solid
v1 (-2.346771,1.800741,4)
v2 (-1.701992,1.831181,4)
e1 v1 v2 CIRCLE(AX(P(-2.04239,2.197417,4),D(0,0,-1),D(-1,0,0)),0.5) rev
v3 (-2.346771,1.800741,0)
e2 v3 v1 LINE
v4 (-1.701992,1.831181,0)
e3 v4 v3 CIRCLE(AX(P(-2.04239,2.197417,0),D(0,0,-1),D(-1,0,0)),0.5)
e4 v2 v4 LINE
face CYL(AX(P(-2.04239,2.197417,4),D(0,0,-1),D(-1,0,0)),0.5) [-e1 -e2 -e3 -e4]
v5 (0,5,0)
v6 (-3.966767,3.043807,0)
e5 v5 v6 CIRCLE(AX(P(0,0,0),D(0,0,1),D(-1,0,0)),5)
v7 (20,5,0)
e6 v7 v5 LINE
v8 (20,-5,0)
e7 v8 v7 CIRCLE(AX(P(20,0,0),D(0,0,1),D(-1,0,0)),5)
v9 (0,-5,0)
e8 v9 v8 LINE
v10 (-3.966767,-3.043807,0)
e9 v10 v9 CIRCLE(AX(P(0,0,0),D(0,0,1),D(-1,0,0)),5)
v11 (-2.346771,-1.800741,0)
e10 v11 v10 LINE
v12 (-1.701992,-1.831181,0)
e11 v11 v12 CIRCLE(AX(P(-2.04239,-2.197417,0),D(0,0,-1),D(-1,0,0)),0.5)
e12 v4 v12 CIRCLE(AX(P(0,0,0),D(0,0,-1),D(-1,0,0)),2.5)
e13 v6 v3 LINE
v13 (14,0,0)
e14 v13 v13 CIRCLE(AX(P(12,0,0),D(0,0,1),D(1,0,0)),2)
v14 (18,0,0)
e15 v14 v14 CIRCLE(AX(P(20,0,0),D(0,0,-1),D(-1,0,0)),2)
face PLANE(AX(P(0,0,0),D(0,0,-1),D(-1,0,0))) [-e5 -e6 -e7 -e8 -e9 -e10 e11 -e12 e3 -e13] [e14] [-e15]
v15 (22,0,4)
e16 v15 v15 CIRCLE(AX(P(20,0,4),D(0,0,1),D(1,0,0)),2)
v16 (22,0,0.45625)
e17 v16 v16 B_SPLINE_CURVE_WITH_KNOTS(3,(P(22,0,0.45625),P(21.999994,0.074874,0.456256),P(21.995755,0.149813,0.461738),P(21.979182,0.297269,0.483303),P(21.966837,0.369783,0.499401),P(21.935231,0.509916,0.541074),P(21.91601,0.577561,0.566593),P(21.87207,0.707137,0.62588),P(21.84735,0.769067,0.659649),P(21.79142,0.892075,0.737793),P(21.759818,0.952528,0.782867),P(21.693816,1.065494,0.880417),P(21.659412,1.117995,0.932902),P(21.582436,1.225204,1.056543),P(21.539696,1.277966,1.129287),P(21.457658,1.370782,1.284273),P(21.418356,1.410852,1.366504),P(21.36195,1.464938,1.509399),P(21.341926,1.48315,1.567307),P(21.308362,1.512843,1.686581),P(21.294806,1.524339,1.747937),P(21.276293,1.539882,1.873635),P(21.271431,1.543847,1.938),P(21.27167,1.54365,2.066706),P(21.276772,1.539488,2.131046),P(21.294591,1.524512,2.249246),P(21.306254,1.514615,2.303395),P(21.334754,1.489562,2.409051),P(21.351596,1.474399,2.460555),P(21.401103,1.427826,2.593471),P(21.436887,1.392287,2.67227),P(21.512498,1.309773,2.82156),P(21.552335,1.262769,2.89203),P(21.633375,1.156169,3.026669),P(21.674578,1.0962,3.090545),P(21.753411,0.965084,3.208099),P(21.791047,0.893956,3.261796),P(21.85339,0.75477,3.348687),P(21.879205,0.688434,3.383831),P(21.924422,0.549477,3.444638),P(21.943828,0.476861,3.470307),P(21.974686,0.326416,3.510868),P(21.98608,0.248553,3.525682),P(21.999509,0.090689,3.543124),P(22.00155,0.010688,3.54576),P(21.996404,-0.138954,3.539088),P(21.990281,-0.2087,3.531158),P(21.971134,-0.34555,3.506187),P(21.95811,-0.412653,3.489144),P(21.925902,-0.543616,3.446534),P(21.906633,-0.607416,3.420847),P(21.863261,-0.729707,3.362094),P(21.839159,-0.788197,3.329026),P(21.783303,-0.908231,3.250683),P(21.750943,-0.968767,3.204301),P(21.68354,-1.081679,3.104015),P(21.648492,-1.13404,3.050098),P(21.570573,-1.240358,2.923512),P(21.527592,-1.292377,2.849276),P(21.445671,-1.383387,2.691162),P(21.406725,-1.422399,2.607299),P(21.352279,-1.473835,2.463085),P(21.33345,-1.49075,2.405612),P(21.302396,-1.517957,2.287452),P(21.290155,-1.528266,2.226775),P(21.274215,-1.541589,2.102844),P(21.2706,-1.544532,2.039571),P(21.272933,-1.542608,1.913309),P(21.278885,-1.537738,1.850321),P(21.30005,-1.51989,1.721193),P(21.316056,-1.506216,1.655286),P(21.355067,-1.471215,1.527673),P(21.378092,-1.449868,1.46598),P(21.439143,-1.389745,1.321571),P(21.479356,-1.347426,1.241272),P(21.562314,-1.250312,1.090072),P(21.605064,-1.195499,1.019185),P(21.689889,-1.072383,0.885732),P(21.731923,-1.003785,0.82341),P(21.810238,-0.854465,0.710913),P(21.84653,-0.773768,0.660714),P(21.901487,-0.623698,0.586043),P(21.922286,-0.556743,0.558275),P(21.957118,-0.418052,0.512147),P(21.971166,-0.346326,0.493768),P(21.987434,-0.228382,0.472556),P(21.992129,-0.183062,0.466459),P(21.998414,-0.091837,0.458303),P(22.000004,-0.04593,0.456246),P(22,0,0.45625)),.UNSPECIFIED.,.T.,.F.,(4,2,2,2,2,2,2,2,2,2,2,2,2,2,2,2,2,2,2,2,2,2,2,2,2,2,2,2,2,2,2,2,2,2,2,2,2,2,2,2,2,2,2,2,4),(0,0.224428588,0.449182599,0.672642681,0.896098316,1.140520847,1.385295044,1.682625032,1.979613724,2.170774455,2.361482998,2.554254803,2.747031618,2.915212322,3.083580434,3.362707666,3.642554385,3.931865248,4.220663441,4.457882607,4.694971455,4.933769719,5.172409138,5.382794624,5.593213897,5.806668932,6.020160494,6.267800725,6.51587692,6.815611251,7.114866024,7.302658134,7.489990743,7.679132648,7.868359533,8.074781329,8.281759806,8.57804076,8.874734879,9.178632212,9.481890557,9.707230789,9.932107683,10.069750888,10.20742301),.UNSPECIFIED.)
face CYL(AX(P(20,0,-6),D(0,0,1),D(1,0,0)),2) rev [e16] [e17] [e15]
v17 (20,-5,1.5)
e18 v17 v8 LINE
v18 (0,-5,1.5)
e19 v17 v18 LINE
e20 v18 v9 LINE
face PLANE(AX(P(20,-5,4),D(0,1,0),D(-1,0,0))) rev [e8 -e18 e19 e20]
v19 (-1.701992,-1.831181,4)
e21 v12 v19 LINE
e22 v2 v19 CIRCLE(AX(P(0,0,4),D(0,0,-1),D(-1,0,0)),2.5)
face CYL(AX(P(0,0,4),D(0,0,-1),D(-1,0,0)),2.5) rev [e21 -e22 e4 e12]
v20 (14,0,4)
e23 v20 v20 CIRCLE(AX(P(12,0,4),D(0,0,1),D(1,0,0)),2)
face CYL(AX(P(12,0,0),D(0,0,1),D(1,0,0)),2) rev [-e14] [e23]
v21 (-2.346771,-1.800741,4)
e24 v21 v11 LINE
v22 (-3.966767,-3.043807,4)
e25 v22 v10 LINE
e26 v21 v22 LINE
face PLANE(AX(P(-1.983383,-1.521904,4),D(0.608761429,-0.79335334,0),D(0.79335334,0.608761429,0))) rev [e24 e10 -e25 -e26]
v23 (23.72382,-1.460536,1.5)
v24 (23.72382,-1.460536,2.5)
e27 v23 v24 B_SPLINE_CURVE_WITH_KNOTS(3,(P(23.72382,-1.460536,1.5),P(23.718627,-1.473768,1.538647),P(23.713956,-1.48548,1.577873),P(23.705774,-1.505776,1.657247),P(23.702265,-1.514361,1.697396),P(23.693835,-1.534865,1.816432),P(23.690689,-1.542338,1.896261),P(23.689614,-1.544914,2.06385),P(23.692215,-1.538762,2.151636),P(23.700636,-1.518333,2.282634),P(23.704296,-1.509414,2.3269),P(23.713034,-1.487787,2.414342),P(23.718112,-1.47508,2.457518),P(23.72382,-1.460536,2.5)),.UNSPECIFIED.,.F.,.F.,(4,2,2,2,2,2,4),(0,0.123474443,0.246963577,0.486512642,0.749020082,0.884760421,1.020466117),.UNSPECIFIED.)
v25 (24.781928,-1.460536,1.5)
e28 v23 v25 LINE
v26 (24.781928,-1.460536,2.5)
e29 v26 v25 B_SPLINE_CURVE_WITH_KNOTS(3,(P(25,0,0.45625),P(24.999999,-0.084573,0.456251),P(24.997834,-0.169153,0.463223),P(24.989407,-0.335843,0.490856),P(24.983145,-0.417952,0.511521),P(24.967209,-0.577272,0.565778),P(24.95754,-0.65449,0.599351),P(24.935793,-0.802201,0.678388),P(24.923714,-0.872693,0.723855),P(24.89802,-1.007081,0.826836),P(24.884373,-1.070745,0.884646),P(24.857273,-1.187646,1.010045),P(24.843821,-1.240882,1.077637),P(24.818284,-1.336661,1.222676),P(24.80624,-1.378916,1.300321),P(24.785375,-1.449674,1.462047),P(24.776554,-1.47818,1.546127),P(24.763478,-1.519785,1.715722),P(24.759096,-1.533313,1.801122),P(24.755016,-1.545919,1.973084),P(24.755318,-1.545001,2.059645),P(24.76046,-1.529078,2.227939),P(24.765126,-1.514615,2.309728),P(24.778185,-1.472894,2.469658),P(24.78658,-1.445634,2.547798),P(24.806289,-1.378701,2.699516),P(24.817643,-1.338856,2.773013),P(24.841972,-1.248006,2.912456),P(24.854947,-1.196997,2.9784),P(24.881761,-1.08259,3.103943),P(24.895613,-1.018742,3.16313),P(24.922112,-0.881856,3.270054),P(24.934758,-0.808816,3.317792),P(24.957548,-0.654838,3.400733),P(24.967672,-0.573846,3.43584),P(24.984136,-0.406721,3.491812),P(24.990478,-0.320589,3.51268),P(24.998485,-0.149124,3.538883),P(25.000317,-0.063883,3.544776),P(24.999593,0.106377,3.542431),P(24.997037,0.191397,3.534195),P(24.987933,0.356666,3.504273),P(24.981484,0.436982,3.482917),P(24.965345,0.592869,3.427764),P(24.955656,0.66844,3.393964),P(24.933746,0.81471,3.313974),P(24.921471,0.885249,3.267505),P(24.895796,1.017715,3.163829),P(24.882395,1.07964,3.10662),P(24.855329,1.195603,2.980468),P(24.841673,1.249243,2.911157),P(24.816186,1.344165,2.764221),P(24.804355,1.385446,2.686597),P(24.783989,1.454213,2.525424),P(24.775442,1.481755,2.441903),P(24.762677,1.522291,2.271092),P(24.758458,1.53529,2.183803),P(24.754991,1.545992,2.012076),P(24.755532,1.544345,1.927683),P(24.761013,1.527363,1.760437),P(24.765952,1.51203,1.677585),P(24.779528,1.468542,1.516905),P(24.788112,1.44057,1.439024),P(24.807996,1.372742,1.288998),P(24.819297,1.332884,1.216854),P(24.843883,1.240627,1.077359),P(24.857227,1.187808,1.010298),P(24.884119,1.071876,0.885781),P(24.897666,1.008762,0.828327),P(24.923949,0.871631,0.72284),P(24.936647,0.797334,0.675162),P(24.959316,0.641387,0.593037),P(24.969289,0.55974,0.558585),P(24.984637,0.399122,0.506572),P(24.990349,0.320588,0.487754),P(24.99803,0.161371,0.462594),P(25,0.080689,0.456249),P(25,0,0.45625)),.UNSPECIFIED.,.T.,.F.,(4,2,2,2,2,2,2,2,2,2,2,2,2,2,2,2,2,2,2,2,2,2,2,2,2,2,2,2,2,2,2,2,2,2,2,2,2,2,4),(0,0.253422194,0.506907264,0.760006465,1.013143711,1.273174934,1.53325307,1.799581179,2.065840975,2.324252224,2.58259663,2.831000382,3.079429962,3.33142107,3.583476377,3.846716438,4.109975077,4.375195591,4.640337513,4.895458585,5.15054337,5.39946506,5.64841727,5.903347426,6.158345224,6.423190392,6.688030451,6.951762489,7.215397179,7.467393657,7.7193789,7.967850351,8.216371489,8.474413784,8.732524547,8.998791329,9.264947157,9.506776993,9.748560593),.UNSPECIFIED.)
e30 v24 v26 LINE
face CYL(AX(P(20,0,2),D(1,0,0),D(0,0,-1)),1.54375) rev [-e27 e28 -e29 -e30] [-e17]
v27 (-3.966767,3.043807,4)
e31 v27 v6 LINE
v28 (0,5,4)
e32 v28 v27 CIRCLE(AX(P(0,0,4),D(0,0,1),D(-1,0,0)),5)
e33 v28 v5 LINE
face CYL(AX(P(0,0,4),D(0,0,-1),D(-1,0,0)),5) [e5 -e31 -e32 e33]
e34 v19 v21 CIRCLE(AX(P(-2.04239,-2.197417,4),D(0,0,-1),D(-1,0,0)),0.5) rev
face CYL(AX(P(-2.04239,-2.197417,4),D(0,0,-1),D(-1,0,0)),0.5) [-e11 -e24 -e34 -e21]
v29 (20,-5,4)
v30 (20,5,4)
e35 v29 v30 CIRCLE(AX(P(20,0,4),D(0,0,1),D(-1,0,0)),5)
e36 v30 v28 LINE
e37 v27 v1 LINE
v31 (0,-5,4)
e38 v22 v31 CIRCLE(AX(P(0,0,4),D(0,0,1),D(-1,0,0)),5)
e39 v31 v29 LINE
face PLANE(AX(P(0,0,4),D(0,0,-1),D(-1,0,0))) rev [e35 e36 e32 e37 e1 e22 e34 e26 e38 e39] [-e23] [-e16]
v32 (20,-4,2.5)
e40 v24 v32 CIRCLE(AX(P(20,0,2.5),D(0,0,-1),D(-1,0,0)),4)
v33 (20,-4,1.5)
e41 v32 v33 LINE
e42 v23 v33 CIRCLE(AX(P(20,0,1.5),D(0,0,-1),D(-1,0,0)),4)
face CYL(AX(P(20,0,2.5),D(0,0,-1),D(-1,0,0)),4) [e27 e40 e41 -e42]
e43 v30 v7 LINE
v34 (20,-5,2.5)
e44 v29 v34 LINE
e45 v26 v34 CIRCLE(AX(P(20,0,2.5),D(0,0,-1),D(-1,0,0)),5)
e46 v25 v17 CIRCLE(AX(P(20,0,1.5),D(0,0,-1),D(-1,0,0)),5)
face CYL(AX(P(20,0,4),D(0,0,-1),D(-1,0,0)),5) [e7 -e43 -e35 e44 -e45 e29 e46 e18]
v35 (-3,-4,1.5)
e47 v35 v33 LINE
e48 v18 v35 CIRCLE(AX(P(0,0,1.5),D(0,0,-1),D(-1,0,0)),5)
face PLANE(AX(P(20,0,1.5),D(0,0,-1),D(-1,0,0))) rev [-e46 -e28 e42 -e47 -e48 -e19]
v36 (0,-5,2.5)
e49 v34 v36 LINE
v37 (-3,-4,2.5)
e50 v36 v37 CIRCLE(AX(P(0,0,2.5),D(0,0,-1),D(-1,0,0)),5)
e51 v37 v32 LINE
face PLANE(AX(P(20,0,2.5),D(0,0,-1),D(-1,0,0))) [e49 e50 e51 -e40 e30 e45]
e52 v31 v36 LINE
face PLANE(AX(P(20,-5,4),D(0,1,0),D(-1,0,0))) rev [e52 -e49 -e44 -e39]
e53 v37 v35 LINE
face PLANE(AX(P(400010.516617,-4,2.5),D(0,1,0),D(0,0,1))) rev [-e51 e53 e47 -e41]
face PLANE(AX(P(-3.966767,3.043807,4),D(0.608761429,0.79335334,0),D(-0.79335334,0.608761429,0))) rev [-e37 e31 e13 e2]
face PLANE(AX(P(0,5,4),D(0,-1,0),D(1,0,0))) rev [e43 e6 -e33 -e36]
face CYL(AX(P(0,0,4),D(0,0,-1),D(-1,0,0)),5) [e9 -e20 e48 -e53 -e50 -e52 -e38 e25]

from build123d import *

# Parameters (mm, degrees)
BOSS_EXTRUDE1_DEPTH = 4
FILLET1_R           = 0.5
SKETCH2_R           = 2
CUT_EXTRUDE1_DEPTH  = 10
SKETCH3_R           = 2
CUT_EXTRUDE2_DEPTH  = 4
CUT_EXTRUDE3_START  = 50
SKETCH4_R           = 1.54375
CUT_EXTRUDE3_DEPTH  = 30
CUT_EXTRUDE4_START  = -2
CUT_EXTRUDE4_DEPTH  = 0.5


with BuildPart() as part:
    # Sketch1 → Boss-Extrude1 (new body)
    with BuildSketch(Plane.XY):
        with BuildLine():
            Line((-3.966766701, 3.043807145), (-1.983383351, 1.521903573))
            ThreePointArc((-1.983383351, 1.521903573), (2.5, 0), (-1.983383351, -1.521903573))
            Line((-1.983383351, -1.521903573), (-3.966766701, -3.043807145))
            ThreePointArc((-3.966766701, -3.043807145), (-2.211443451, -4.484363708), (0, -5))
            Line((0, -5), (20, -5))
            ThreePointArc((20, -5), (25, 0), (20, 5))
            Line((20, 5), (0, 5))
            ThreePointArc((0, 5), (-2.211443451, 4.484363708), (-3.966766701, 3.043807145))
        make_face()
    extrude(amount=BOSS_EXTRUDE1_DEPTH)

    # Fillet1
    fillet1_edges = [part.edges().sort_by_distance(p)[0] for p in [
        (-1.983383351, -1.521903573, 2),
        (-1.983383351, 1.521903573, 2),
    ]]
    fillet(fillet1_edges, radius=FILLET1_R)

    # Sketch2 → Cut-Extrude1 (cut)
    with BuildSketch(Plane.XY.offset(4)):
        with Locations((20, 0)):
            Circle(SKETCH2_R)
    extrude(amount=-CUT_EXTRUDE1_DEPTH, mode=Mode.SUBTRACT)

    # Sketch3 → Cut-Extrude2 (cut)
    with BuildSketch(Plane.XY.offset(4)):
        with Locations((12, 0)):
            Circle(SKETCH3_R)
    extrude(amount=-CUT_EXTRUDE2_DEPTH, mode=Mode.SUBTRACT)

    # Sketch4 → Cut-Extrude3 (cut)
    with BuildSketch(Plane(origin=(0, 0, 0), x_dir=(0, 0, -1), z_dir=(1, 0, 0)).offset(CUT_EXTRUDE3_START)):
        with Locations((-2, 0)):
            Circle(SKETCH4_R)
    extrude(amount=-CUT_EXTRUDE3_DEPTH, mode=Mode.SUBTRACT)

    # Sketch5 → Cut-Extrude4 (cut, symmetric)
    with BuildSketch(Plane(origin=(0, 0, 0), x_dir=(-1, 0, 0), z_dir=(0, 0, -1)).offset(CUT_EXTRUDE4_START)):
        with BuildLine():
            Line((-24, 0), (-25, 0))
            ThreePointArc((-25, 0), (-23.535533906, -3.535533906), (-20, -5))
            Line((-20, -5), (0, -5))
            Line((0, -5), (3, -5))
            Line((3, -5), (3, -4))
            Line((3, -4), (-20, -4))
            ThreePointArc((-20, -4), (-22.828427125, -2.828427125), (-24, 0))
        make_face()
    extrude(amount=CUT_EXTRUDE4_DEPTH, both=True, mode=Mode.SUBTRACT)


solid = part.part
